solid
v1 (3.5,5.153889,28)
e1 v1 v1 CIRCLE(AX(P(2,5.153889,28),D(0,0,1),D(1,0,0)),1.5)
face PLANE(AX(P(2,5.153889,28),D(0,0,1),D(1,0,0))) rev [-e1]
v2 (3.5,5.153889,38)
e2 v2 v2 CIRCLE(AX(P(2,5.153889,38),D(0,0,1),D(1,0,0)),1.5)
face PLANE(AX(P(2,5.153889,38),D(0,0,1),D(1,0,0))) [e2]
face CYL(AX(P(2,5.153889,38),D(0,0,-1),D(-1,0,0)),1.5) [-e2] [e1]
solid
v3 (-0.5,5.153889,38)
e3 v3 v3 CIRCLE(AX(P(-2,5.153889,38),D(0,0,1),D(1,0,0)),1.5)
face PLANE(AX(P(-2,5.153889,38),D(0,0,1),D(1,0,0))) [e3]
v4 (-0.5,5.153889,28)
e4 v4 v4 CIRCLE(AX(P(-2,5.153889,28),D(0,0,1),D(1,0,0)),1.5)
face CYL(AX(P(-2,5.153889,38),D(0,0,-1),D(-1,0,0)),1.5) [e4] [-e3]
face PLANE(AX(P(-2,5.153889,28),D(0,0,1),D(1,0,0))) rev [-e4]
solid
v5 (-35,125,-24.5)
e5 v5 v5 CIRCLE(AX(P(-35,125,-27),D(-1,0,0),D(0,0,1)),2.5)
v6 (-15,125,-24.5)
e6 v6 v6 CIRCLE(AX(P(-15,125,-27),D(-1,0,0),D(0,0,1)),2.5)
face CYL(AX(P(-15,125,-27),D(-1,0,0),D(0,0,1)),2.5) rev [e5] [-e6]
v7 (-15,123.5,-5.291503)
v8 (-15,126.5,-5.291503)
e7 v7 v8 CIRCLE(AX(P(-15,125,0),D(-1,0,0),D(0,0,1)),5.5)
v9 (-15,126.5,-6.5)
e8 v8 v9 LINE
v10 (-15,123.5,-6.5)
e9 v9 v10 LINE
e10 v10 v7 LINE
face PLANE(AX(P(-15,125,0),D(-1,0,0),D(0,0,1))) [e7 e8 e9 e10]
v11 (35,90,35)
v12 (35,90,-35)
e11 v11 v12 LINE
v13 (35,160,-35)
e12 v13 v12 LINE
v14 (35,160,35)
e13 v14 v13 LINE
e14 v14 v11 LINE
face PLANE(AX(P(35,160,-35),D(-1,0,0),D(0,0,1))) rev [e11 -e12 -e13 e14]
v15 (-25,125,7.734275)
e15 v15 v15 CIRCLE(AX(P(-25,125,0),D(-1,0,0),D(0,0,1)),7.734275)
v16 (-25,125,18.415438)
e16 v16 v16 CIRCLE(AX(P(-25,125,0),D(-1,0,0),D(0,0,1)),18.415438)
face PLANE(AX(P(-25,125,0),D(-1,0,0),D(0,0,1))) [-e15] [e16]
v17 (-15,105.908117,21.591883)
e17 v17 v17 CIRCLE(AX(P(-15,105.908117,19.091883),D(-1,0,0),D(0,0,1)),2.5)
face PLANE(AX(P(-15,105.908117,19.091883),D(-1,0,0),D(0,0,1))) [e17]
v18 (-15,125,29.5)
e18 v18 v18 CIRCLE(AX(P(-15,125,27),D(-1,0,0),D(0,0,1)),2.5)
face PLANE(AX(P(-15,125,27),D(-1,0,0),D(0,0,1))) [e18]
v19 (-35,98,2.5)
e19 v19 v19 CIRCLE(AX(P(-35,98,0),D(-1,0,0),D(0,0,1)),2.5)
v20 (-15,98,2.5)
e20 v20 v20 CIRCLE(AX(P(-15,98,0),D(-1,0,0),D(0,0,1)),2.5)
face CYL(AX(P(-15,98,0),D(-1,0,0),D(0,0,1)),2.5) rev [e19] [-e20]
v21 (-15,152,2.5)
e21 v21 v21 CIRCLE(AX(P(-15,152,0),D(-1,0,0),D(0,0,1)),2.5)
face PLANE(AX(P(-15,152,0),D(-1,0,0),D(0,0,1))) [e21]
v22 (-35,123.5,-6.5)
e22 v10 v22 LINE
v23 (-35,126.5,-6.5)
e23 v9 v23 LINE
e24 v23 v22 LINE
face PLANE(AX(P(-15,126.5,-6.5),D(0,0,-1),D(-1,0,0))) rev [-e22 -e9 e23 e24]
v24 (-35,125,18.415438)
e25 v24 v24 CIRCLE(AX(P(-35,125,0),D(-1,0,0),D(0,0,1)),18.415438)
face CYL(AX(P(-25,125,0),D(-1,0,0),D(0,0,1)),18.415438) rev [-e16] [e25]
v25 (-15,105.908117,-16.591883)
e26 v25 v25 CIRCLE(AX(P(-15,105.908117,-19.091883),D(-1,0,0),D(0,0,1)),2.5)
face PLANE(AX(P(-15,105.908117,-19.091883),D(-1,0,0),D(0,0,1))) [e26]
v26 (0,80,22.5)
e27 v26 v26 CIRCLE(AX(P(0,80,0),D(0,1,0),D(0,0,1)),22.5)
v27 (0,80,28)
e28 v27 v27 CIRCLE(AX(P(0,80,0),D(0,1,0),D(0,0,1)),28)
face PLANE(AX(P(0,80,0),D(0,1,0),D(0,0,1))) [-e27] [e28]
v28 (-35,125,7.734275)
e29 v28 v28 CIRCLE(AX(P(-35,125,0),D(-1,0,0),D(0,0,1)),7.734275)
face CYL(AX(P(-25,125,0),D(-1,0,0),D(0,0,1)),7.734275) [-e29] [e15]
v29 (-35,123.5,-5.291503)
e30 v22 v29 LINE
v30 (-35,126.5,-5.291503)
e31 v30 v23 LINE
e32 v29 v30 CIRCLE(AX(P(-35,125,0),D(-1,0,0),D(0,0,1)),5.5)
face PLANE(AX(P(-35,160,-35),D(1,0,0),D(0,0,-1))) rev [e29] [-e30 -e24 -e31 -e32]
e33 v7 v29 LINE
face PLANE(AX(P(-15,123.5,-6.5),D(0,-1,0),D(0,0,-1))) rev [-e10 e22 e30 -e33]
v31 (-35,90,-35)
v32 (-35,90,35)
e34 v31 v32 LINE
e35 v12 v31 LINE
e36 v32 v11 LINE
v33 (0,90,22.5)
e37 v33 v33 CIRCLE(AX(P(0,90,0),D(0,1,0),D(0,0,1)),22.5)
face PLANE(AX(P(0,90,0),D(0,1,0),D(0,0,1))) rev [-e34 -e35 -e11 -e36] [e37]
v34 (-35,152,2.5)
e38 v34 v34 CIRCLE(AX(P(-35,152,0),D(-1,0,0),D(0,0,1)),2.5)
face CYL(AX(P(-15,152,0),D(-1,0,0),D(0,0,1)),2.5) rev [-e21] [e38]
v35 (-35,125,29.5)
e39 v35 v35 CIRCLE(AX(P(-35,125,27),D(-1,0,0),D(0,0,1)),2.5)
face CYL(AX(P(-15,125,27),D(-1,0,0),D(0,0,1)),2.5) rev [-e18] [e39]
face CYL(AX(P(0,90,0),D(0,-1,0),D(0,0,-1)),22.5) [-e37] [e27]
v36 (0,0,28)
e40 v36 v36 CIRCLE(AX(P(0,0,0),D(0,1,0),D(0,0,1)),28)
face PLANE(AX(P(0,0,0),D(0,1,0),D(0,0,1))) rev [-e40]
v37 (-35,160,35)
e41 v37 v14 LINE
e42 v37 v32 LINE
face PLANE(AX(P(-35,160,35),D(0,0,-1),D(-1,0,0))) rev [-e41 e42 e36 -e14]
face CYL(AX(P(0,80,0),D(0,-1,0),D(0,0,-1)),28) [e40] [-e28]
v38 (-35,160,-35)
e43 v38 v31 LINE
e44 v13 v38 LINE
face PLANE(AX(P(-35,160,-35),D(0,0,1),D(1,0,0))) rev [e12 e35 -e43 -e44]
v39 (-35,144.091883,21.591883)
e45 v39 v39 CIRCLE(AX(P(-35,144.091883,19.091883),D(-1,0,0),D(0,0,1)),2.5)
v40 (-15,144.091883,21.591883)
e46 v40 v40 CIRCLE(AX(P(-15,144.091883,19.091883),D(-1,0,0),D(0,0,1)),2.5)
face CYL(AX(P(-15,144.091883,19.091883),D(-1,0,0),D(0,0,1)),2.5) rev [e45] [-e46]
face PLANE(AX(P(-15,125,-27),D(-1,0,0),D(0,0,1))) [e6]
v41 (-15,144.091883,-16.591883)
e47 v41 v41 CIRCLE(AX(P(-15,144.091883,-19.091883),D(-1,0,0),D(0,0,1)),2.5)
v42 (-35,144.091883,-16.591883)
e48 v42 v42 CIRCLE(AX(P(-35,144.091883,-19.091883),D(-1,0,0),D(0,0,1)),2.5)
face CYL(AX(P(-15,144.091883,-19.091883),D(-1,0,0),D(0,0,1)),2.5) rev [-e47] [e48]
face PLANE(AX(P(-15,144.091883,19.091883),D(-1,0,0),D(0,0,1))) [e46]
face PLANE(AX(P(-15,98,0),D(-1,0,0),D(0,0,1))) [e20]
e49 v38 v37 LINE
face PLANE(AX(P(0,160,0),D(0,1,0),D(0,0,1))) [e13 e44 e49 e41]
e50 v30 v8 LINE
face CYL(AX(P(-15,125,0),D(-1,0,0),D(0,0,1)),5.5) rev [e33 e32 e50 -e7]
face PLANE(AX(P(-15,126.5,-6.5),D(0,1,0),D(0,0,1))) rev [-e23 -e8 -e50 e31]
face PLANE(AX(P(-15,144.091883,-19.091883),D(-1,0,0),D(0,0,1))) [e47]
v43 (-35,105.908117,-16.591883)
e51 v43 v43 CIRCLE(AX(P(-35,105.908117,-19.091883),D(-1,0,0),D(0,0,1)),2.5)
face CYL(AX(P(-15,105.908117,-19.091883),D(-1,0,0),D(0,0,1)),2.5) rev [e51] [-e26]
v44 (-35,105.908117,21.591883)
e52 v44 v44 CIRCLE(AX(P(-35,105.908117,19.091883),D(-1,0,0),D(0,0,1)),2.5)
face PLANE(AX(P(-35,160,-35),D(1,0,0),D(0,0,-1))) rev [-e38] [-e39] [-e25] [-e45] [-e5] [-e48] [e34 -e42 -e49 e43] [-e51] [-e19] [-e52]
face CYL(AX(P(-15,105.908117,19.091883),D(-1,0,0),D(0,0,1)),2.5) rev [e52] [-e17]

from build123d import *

# Parameters (mm, degrees)
SKETCH1_R             = 28
BOSS_EXTRUDE1_DEPTH   = 80
SKETCH3_R             = 22.5
BOSS_EXTRUDE2_DEPTH   = 10
SKETCH4_W             = 70
SKETCH4_H             = 70
BOSS_EXTRUDE3_DEPTH   = 70
SKETCH5_R             = 5.5
SKETCH5_R_2           = 2.5
CUT_EXTRUDE1_DEPTH    = 20
SKETCH6_R             = 1.5
BOSS_EXTRUDE4_DEPTH   = 10
BOSS_EXTRUDE4_2_DEPTH = 10
SKETCH7_W             = 2
SKETCH7_H             = 3
CUT_EXTRUDE2_DEPTH    = 20
SKETCH8_R             = 18.415438001
SKETCH8_R_2           = 7.734274919
CUT_EXTRUDE4_DEPTH    = 10


with BuildPart() as part:
    # Sketch1 → Boss-Extrude1 (new body)
    with BuildSketch(Plane(origin=(0, 0, 0), x_dir=(1, 0, 0), z_dir=(0, 1, 0))):
        with Locations(Location((0, 0, 0), (0, 0, 270))):
            Circle(SKETCH1_R)
    extrude(amount=BOSS_EXTRUDE1_DEPTH)

    # Sketch3 → Boss-Extrude2 (add)
    with BuildSketch(Plane(origin=(0, 80, 0), x_dir=(1, 0, 0), z_dir=(0, 1, 0))):
        with Locations(Location((0, 0, 0), (0, 0, 270))):
            Circle(SKETCH3_R)
    extrude(amount=BOSS_EXTRUDE2_DEPTH)

    # Sketch4 → Boss-Extrude3 (add)
    with BuildSketch(Plane(origin=(0, 90, 0), x_dir=(1, 0, 0), z_dir=(0, 1, 0))):
        Rectangle(SKETCH4_W, SKETCH4_H)
    extrude(amount=BOSS_EXTRUDE3_DEPTH)

    # Sketch5 → Cut-Extrude1 (cut)
    with BuildSketch(Plane.ZY.offset(35)):
        with Locations((0, 125)):
            Circle(SKETCH5_R)
        with Locations((0, 152)):
            Circle(SKETCH5_R_2)
        with Locations((19.091883092, 144.091883092)):
            Circle(SKETCH5_R_2)
        with Locations((27, 125)):
            Circle(SKETCH5_R_2)
        with Locations((19.091883092, 105.908116908)):
            Circle(SKETCH5_R_2)
        with Locations((0, 98)):
            Circle(SKETCH5_R_2)
        with Locations((-19.091883092, 105.908116908)):
            Circle(SKETCH5_R_2)
        with Locations((-27, 125)):
            Circle(SKETCH5_R_2)
        with Locations((-19.091883092, 144.091883092)):
            Circle(SKETCH5_R_2)
    extrude(amount=-CUT_EXTRUDE1_DEPTH, mode=Mode.SUBTRACT)

    # Sketch7 → Cut-Extrude2 (cut)
    with BuildSketch(Plane.ZY.offset(35)):
        with Locations((-5.5, 125)):
            Rectangle(SKETCH7_W, SKETCH7_H)
    extrude(amount=-CUT_EXTRUDE2_DEPTH, mode=Mode.SUBTRACT)

    # Sketch8 → Cut-Extrude4 (cut)
    with BuildSketch(Plane.ZY.offset(35)):
        with Locations((0, 125)):
            Circle(SKETCH8_R)
        with Locations((0, 125)):
            Circle(SKETCH8_R_2, mode=Mode.SUBTRACT)
    extrude(amount=-CUT_EXTRUDE4_DEPTH, mode=Mode.SUBTRACT)


with BuildPart() as body_2:
    # Sketch6 → Boss-Extrude4 (new body)
    with BuildSketch(Plane.XY.offset(28)):
        with Locations((-2, 5.153889314)):
            Circle(SKETCH6_R)
    extrude(amount=BOSS_EXTRUDE4_DEPTH)


with BuildPart() as body_3:
    # Sketch6 → Boss-Extrude4 2 (new body)
    with BuildSketch(Plane.XY.offset(28)):
        with Locations((2, 5.153889314)):
            Circle(SKETCH6_R)
    extrude(amount=BOSS_EXTRUDE4_2_DEPTH)


solid = Compound([part.part, body_2.part, body_3.part])
